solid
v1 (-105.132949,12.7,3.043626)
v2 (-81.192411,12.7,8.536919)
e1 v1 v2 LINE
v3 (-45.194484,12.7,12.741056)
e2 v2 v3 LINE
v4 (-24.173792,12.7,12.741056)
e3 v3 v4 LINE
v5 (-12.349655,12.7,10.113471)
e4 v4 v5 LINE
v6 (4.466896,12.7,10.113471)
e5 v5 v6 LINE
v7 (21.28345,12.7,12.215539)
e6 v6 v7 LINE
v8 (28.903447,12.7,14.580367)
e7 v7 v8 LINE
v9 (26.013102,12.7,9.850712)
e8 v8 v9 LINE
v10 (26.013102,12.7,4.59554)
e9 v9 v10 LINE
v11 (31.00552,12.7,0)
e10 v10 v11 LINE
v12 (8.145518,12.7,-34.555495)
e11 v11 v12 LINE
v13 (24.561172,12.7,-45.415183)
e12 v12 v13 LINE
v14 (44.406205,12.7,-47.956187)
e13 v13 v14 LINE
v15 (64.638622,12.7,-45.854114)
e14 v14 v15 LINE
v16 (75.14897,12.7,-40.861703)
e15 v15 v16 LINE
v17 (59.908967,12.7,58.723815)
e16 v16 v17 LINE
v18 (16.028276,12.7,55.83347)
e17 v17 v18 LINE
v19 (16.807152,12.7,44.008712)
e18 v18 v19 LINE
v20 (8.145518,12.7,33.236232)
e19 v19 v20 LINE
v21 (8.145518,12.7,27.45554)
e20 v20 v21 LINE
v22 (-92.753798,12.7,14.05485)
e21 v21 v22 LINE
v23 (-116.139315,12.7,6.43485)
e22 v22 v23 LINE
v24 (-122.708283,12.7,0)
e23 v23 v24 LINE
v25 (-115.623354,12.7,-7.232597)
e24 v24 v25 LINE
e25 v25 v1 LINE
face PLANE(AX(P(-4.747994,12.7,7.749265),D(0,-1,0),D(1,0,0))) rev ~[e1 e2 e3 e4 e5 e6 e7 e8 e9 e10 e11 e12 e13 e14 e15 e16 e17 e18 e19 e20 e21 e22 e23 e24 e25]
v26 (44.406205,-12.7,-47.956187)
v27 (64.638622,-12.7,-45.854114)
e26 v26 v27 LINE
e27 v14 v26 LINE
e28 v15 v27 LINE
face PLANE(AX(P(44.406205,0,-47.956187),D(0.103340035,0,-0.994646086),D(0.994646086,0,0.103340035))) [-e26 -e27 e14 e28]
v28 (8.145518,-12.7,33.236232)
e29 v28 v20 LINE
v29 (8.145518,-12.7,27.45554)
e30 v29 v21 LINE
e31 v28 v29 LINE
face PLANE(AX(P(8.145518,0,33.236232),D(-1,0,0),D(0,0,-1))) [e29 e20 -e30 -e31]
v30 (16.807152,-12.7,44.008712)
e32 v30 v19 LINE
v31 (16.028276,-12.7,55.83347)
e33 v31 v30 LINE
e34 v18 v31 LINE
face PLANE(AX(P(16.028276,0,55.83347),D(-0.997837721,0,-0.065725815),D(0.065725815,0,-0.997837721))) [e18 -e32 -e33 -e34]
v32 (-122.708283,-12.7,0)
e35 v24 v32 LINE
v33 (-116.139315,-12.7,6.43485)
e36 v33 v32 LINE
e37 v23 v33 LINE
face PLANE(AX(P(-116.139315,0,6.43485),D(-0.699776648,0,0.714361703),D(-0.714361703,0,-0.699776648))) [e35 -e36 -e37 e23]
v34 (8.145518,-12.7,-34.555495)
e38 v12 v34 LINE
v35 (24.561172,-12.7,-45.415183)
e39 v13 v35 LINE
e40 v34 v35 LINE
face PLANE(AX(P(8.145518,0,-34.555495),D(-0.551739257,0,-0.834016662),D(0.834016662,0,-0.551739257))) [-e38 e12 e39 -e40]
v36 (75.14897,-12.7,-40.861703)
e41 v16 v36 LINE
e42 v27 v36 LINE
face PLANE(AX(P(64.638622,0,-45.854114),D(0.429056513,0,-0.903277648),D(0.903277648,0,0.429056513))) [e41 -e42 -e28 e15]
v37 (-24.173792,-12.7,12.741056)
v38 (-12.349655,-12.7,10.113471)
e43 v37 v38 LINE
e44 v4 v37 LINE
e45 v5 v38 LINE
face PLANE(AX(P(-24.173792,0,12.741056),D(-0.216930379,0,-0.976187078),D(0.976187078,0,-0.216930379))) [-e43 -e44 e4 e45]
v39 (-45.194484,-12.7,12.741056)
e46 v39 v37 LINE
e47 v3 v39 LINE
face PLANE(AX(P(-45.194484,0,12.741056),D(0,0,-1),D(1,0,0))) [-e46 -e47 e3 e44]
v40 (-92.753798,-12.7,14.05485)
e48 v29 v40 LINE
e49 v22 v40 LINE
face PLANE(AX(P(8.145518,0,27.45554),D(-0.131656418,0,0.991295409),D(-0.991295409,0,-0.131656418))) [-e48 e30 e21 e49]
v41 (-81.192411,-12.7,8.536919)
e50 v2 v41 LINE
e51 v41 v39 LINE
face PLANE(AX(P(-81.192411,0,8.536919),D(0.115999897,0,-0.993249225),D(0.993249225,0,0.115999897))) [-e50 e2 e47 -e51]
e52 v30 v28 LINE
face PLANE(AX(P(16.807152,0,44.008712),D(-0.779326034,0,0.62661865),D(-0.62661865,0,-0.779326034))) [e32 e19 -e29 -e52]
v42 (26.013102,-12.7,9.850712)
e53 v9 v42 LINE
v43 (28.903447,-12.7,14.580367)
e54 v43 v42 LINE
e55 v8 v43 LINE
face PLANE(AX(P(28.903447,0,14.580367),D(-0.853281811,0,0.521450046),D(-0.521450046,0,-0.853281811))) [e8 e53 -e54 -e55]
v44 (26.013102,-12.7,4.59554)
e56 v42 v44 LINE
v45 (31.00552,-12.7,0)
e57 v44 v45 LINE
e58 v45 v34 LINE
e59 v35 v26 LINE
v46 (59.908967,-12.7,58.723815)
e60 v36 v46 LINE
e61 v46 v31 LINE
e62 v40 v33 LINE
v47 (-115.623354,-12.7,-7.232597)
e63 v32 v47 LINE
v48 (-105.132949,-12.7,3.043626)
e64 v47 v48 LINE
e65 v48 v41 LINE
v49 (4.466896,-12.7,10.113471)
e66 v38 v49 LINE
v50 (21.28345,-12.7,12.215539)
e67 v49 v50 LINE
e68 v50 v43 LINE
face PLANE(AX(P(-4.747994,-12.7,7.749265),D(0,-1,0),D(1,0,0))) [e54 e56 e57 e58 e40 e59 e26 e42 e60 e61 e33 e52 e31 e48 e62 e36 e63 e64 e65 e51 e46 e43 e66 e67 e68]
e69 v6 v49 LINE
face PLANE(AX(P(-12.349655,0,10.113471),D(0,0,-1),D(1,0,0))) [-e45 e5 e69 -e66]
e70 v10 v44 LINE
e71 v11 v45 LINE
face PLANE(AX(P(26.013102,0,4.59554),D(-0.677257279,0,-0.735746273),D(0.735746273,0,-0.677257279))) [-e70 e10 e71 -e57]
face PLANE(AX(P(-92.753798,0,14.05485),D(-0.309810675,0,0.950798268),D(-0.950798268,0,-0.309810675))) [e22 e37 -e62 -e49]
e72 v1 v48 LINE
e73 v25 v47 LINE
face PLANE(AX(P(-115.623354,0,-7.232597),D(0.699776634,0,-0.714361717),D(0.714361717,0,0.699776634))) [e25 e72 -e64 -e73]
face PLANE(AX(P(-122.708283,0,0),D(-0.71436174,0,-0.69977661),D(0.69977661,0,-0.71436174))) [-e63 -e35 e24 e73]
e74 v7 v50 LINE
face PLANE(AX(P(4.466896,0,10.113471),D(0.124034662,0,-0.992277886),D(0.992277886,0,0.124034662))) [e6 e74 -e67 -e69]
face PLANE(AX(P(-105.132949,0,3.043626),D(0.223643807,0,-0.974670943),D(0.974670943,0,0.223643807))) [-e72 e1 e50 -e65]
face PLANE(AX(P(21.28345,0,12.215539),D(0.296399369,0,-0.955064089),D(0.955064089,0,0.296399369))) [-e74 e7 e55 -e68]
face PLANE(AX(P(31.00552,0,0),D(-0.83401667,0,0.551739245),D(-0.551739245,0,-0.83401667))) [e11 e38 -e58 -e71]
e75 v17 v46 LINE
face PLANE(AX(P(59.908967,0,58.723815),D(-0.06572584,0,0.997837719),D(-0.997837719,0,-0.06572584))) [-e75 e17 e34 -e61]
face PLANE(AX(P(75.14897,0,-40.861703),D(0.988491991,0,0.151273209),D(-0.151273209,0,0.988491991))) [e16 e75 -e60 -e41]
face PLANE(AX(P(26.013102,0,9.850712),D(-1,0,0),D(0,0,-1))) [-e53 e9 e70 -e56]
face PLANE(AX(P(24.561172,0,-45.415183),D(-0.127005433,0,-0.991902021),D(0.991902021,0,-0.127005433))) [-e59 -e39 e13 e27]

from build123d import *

# Parameters (mm, degrees)
F1_DEPTH = 12.7


with BuildPart() as f1:
    # F0 (on Front) → F1 (new body, symmetric)
    with BuildSketch(Plane.XZ):
        Polygon((8.145518, 27.45554), (-92.753798, 14.05485), (-116.139315, 6.43485), (-122.708283, 0), (-115.623354, -7.232597), (-105.132949, 3.043626), (-81.192411, 8.536919), (-45.194484, 12.741056), (-24.173792, 12.741056), (-12.349655, 10.113471), (4.466896, 10.113471), (21.28345, 12.215539), (28.903447, 14.580367), (26.013102, 9.850712), (26.013102, 4.59554), (31.00552, 0), (8.145518, -34.555495), (24.561172, -45.415183), (44.406205, -47.956187), (64.638622, -45.854114), (75.14897, -40.861703), (59.908967, 58.723815), (16.028276, 55.83347), (16.807152, 44.008712), (8.145518, 33.236232), align=None)
    extrude(amount=F1_DEPTH, both=True)


solid = f1.part
